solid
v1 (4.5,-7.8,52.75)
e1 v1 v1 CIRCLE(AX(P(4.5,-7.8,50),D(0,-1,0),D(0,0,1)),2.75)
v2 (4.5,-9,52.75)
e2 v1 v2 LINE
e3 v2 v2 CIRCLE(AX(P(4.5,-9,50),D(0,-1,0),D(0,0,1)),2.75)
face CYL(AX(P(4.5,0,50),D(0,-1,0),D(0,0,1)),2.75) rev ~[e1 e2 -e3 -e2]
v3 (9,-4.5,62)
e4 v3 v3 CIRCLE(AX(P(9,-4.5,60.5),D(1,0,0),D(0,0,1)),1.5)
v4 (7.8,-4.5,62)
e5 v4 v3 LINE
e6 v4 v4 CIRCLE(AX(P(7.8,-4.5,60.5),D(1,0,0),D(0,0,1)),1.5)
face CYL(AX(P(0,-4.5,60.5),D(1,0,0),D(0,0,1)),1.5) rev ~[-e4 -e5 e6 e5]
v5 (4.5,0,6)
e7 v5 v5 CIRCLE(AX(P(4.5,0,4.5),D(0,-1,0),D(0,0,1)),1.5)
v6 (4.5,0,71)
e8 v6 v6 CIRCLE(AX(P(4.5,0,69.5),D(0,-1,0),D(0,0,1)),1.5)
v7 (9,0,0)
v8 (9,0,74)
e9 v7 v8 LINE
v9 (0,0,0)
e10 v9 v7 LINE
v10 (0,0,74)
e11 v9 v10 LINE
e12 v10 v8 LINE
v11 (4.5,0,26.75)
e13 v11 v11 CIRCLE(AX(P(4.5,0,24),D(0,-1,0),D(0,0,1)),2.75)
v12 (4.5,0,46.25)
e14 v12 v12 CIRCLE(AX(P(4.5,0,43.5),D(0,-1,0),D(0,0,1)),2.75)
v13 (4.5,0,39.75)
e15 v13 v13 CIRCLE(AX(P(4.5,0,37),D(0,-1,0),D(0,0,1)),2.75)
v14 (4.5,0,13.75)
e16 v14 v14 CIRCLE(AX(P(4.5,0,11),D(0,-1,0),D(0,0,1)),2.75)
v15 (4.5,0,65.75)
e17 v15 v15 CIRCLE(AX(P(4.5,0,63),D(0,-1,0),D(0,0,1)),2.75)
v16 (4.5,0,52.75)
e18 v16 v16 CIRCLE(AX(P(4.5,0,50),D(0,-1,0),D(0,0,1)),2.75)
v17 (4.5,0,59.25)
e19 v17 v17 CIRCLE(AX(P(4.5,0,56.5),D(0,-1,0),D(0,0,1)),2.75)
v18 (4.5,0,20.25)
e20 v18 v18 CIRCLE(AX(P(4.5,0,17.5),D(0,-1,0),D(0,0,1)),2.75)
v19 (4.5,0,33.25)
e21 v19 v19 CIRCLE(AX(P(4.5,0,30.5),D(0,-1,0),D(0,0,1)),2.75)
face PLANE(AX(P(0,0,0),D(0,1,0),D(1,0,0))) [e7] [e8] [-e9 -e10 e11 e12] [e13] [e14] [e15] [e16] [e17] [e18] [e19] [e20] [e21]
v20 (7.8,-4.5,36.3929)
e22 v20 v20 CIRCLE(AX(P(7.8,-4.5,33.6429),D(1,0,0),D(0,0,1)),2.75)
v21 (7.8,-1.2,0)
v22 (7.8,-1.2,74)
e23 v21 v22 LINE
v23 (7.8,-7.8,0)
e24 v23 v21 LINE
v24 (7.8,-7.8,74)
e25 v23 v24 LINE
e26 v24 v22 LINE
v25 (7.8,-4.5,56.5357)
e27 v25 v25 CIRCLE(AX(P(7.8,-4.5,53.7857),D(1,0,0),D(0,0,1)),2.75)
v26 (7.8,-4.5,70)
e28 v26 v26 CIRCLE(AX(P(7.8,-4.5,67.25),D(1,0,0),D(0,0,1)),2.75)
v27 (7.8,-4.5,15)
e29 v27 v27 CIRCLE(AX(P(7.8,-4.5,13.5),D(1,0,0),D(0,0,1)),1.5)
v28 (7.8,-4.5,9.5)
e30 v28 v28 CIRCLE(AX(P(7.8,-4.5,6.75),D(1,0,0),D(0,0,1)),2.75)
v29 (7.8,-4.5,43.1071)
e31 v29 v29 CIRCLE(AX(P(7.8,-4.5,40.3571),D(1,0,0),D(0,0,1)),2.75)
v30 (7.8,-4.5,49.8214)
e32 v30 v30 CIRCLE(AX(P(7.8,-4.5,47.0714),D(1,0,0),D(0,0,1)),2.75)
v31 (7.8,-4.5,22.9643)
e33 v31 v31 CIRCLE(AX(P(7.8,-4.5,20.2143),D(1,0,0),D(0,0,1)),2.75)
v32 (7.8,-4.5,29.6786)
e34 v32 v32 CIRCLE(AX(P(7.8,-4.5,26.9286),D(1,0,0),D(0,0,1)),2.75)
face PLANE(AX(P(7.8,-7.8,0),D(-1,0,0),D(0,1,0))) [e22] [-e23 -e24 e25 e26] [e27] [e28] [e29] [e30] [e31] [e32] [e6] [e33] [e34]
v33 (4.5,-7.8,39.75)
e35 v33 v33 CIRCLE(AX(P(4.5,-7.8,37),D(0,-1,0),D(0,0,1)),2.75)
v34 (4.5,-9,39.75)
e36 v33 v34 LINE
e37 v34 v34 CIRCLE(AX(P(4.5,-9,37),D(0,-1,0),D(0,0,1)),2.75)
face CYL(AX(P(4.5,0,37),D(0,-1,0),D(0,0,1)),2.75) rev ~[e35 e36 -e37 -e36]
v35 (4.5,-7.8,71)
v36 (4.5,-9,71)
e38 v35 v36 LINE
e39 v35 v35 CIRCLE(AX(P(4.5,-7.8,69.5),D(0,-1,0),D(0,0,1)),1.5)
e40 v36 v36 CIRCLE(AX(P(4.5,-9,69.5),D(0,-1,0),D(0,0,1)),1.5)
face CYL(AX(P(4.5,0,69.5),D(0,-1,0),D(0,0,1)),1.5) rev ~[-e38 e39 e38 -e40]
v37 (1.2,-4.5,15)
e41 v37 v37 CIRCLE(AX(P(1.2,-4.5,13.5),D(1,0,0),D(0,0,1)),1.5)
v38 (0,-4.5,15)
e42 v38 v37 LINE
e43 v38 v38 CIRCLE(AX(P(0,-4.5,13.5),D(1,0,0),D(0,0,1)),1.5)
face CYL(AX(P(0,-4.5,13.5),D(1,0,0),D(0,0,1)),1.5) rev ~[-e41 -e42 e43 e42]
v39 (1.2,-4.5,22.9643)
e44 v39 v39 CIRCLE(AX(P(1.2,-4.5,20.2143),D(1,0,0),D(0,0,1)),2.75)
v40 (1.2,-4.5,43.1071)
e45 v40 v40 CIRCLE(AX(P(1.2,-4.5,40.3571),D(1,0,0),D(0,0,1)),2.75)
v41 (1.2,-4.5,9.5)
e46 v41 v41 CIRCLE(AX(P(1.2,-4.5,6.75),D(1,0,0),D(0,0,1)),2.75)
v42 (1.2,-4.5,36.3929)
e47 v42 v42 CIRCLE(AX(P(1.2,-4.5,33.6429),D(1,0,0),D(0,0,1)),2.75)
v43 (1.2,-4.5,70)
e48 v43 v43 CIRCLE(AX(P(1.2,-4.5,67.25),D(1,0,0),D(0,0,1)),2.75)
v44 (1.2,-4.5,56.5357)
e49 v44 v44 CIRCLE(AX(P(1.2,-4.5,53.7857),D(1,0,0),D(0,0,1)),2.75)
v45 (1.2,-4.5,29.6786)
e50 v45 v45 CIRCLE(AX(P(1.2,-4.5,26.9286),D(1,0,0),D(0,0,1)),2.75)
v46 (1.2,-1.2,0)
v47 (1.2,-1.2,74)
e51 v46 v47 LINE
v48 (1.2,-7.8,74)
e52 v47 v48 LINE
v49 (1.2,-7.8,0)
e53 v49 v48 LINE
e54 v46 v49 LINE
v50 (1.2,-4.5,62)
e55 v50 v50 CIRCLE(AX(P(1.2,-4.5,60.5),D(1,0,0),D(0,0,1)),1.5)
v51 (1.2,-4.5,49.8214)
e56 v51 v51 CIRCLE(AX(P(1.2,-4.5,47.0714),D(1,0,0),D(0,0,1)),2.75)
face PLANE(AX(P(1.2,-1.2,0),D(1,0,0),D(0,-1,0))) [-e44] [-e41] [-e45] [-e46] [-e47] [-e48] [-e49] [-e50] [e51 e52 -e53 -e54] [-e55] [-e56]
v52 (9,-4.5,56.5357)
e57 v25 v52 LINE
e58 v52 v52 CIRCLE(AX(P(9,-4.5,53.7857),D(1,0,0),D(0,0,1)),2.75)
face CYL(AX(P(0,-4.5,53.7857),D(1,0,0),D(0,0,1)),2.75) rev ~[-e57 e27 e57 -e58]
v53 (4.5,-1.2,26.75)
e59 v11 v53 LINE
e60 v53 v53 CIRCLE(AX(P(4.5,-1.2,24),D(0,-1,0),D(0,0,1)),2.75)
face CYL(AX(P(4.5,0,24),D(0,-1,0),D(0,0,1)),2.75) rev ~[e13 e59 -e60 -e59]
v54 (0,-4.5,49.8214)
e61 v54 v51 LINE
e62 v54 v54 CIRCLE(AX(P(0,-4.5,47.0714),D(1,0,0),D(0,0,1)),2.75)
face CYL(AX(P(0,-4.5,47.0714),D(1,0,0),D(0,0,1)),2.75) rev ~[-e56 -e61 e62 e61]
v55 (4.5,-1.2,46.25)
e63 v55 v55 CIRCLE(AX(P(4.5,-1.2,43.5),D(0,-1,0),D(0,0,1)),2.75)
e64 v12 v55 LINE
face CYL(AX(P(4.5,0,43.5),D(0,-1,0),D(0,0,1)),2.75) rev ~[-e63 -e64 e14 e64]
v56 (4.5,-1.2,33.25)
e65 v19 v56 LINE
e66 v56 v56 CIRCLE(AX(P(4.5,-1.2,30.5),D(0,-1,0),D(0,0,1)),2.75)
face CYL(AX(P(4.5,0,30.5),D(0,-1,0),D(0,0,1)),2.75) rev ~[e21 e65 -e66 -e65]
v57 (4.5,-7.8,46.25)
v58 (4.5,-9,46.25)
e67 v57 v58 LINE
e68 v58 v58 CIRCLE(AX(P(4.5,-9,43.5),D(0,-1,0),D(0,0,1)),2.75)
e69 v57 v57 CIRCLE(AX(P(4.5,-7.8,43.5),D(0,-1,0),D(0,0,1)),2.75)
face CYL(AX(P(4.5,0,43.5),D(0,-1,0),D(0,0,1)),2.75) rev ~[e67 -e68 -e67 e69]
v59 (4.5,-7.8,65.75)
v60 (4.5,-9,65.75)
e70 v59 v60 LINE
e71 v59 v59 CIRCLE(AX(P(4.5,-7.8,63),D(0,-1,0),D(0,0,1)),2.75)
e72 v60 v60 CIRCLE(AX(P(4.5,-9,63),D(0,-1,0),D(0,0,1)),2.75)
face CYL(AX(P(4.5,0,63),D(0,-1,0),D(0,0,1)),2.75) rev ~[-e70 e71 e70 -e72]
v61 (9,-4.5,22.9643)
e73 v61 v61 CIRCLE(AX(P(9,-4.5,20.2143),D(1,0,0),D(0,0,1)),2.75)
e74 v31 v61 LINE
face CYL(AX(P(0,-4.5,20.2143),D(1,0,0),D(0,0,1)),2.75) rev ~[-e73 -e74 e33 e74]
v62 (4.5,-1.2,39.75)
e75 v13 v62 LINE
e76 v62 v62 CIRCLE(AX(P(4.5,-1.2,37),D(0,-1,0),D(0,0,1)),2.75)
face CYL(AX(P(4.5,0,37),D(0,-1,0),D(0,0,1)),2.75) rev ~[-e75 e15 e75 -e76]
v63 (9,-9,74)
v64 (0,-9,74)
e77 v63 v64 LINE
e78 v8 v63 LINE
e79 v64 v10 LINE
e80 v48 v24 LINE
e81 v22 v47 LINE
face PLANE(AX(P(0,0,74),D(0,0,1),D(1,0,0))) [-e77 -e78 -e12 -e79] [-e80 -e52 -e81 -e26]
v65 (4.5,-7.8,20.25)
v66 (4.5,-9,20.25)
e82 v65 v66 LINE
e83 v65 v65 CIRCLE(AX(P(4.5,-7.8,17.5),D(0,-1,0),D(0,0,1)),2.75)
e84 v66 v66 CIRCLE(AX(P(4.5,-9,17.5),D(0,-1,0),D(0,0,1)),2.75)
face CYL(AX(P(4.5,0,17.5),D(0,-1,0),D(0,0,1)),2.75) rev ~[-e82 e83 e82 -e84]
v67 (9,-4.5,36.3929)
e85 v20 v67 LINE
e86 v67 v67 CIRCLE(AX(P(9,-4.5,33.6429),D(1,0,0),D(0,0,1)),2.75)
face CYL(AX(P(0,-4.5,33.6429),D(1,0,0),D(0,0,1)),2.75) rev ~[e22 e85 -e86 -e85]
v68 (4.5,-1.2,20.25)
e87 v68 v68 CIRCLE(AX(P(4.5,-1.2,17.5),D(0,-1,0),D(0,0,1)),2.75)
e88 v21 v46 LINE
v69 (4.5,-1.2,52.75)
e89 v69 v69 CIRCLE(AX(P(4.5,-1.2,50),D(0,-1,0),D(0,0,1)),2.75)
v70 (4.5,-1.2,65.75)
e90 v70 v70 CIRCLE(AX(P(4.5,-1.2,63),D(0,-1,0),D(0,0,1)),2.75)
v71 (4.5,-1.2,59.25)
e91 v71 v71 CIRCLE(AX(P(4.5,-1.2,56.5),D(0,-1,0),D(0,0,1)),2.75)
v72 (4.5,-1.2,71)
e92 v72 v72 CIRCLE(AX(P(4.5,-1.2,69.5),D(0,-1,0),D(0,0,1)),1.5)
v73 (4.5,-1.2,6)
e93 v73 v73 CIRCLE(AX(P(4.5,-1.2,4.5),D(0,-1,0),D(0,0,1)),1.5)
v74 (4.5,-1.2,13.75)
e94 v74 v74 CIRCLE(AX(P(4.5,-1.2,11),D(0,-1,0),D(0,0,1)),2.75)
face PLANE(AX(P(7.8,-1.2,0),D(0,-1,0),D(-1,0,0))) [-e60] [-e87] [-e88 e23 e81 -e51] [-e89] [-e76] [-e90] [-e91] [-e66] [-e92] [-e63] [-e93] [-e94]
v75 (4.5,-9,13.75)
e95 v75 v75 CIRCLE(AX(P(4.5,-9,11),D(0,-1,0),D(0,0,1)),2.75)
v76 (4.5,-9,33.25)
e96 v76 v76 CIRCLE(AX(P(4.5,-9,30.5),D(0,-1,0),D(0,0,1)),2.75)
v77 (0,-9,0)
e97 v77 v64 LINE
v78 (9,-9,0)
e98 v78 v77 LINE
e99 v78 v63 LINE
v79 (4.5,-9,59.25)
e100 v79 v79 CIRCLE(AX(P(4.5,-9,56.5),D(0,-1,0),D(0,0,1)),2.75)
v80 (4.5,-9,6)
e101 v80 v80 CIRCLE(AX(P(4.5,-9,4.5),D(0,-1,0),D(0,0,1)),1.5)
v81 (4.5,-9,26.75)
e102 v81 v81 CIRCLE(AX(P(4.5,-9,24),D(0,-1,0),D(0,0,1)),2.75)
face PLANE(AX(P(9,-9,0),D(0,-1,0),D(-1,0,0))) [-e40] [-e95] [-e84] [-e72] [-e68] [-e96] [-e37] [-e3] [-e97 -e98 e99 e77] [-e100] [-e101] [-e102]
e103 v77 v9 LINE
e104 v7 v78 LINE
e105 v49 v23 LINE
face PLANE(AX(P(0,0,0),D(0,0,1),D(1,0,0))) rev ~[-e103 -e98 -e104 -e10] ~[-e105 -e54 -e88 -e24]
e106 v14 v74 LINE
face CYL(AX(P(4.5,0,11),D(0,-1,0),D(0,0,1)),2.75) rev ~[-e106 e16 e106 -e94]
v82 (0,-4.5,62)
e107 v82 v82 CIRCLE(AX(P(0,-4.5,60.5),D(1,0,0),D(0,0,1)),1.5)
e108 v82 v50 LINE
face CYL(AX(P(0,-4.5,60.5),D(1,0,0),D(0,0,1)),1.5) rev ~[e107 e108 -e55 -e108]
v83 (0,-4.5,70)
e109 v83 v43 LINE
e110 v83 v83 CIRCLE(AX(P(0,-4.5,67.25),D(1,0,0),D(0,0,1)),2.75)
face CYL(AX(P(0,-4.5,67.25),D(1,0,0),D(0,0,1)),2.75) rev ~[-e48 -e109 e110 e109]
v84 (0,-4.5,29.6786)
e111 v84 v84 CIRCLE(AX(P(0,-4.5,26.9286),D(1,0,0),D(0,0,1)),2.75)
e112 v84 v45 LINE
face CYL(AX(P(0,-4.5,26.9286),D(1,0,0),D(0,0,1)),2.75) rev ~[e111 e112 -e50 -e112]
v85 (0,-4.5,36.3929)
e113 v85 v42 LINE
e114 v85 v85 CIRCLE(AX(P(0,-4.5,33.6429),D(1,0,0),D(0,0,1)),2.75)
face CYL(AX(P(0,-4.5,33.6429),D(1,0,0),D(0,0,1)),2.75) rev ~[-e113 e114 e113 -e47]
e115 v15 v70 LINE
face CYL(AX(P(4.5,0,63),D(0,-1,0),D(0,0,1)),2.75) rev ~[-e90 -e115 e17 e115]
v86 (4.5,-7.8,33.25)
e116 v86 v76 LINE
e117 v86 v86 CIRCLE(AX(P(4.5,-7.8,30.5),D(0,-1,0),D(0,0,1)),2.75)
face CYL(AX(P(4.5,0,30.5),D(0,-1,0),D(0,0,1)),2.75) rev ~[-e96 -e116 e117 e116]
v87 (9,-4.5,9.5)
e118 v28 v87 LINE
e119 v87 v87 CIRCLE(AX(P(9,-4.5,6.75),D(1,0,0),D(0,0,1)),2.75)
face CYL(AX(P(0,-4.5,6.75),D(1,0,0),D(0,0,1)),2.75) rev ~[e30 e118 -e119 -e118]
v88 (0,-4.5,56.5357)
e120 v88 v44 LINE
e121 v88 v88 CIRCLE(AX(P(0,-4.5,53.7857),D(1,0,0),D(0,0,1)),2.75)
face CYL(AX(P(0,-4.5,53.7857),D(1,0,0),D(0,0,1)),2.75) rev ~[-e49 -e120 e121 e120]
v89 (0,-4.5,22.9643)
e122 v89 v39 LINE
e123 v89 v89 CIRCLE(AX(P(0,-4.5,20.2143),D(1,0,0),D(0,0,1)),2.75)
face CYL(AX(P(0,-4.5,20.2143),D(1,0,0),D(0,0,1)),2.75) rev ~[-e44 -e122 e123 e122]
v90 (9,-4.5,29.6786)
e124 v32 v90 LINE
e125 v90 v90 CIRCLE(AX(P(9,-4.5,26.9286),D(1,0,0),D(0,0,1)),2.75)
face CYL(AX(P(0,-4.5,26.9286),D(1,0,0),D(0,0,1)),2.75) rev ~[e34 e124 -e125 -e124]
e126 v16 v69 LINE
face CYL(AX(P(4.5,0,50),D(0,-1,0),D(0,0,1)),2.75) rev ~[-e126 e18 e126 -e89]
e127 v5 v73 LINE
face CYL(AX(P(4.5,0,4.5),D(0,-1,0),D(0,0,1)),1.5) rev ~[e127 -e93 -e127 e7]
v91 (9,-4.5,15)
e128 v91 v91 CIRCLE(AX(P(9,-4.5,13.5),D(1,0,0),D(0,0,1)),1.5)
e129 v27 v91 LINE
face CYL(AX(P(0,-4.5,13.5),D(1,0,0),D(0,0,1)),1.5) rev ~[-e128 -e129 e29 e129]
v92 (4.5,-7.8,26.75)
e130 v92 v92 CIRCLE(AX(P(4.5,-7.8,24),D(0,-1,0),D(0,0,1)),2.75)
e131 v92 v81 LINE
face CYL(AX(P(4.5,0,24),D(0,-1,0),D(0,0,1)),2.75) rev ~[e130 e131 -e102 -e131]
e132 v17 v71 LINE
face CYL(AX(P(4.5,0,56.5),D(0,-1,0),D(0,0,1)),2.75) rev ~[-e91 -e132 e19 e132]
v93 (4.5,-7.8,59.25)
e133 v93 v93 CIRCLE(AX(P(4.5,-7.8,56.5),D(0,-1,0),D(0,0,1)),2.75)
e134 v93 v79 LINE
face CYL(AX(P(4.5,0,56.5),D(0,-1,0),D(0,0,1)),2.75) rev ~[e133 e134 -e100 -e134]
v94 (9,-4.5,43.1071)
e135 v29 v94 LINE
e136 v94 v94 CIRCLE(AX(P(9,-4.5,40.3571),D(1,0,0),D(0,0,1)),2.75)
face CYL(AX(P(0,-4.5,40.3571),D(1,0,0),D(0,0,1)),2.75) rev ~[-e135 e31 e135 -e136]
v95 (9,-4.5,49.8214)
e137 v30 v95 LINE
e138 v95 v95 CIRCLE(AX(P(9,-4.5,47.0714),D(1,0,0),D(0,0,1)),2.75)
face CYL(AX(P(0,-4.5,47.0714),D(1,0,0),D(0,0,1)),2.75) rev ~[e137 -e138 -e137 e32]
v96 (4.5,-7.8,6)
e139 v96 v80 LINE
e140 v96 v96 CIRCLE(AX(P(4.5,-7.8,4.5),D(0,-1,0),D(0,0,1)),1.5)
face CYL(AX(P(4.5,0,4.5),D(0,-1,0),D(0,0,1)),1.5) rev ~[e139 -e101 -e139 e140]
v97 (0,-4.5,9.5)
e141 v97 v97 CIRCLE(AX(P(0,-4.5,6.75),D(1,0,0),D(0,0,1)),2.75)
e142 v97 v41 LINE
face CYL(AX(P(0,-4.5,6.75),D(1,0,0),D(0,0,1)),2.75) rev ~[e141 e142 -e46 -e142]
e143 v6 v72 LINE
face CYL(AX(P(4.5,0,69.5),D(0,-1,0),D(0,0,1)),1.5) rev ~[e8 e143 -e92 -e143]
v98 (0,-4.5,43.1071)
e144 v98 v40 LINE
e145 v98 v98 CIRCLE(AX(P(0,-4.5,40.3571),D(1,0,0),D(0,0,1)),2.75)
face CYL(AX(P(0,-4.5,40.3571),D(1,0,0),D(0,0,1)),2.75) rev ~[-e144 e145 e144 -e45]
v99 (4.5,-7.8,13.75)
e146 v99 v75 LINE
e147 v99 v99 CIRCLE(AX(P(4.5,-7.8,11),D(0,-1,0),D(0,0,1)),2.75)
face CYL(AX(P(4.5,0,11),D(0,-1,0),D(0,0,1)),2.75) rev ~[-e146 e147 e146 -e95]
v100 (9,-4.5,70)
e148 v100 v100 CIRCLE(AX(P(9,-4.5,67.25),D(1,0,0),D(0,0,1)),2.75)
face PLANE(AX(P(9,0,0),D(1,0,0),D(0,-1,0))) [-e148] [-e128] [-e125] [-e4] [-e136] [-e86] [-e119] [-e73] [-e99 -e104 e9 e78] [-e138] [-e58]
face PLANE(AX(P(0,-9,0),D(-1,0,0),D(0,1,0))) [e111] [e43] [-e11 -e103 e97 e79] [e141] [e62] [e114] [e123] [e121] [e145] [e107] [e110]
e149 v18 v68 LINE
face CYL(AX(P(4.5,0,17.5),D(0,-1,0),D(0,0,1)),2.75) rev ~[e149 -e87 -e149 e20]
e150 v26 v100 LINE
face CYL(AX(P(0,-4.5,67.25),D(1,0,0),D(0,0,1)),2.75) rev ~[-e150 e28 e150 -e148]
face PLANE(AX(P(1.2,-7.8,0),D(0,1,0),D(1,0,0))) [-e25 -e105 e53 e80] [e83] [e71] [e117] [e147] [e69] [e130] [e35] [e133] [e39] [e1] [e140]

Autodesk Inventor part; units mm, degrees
ref_plane "YZ Plane" through (0, 0, 0) normal (1, 0, 0) x (0, 1, 0)
ref_plane "XZ Plane" through (0, 0, 0) normal (0, 1, 0) x (-1, 0, 0)
ref_plane "XY Plane" through (0, 0, 0) normal (0, 0, 1) x (1, 0, 0)
sketch "スケッチ1" plane through (0, 0, 0) normal (0, 0, 1) x (1, 0, 0)
  line L0 (0, 0) -> (9, 0)
  line L1 (9, 0) -> (9, -9)
  line L2 (9, -9) -> (0, -9)
  line L3 (0, -9) -> (0, 0)
  line L4 (1.2, -7.8) -> (7.8, -7.8)
  line L5 (7.8, -7.8) -> (7.8, -1.2)
  line L6 (7.8, -1.2) -> (1.2, -1.2)
  line L7 (1.2, -1.2) -> (1.2, -7.8)
  dimension "d0" = 9
  dimension "d1" = 9
  dimension "d2" = 6.6
  dimension "d3" = 6.6
  dimension "d4" = 1.2
  dimension "d5" = 1.2
extrude "押し出し1" add sketch "スケッチ1" along normal blind 74
sketch "スケッチ2" plane through (0, 0, 0) normal (0, 1, 0) x (1, 0, 0)
  line L0 (9, -74) -> (0, -74) projected
  line L1 (9, 0) -> (0, 0) projected
  line L2 (0, 0) -> (0, -74) projected
  point P0 (4.5, -69.5)
  point P1 (4.5, -4.5)
  dimension "d8" = 4.5
  dimension "d9" = 4.5
  dimension "d10" = 4.5
  dimension "d11" = 4.5
hole "穴1" at (4.5, 0, 69.5) at (4.5, 0, 4.5) direction (0, -1, 0) diameter 3 end through all
sketch "スケッチ3" plane through (0, -9, 0) normal (-1, 0, 0) x (0, 0, 1)
  line L0 (0, 9) -> (0, 0) projected
  line L1 (74, 9) -> (74, 0) projected
  line L2 (0, 0) -> (74, 0) projected
  point P0 (60.5, 4.5)
  point P1 (13.5, 4.5)
  dimension "d19" = 13.5
  dimension "d20" = 13.5
  dimension "d21" = 4.5
  dimension "d22" = 4.5
hole "穴2" at (0, -4.5, 60.5) at (0, -4.5, 13.5) direction (1, 0, 0) diameter 3 end through all
sketch "スケッチ4" plane through (0, 0, 0) normal (0, 1, 0) x (1, 0, 0)
  circle A0 centre (4.5, -4.5) radius 1.5 projected
  circle A1 centre (4.5, -69.5) radius 1.5 projected
  circle A2 centre (4.5, -69.5) radius 1.5 projected
  line L0 (4.5, -69.5) -> (4.5, -4.5)
  point P0 (0, 0)
  point P1 (4.5, -63)
  point P2 (4.5, -56.5)
  point P3 (4.5, -50)
  point P4 (4.5, -43.5)
  point P5 (4.5, -37)
  point P6 (4.5, -30.5)
  point P7 (4.5, -24)
  point P8 (4.5, -17.5)
  point P9 (4.5, -11)
  dimension "d30" = 65
  dimension "d31" = 6.5
  dimension "d34" = 6.5
hole "穴3" at (4.5, 0, 63) at (4.5, 0, 56.5) at (4.5, 0, 50) at (4.5, 0, 43.5) at (4.5, 0, 37) at (4.5, 0, 30.5) at (4.5, 0, 24) at (4.5, 0, 17.5) at (4.5, 0, 11) direction (0, -1, 0) diameter 5.5 end through all
sketch "スケッチ5" plane through (0, -9, 0) normal (-1, 0, 0) x (0, 0, 1)
  line L0 (74, 9) -> (74, 0) projected
  line L1 (0, 9) -> (0, 0) projected
  line L2 (0, 0) -> (74, 0) projected
  circle A0 centre (60.5, 4.5) radius 1.5 projected
  circle A1 centre (13.5, 4.5) radius 1.5 projected
  line L3 (60.5, 4.5) -> (13.5, 4.5)
  point P0 (67.25, 4.5)
  point P1 (6.75, 4.5)
  point P2 (53.7857, 4.5)
  point P3 (47.0714, 4.5)
  point P4 (40.3571, 4.5)
  point P5 (33.6429, 4.5)
  point P6 (26.9286, 4.5)
  point P7 (20.2143, 4.5)
  dimension "d46" = 6.75
  dimension "d47" = 6.75
  dimension "d48" = 4.5
  dimension "d49" = 4.5
  dimension "d50" = 47
  dimension "d51" = 6.7143
  dimension "d54" = 6.7143
hole "穴4" at (0, -4.5, 67.25) at (0, -4.5, 6.75) at (0, -4.5, 53.7857) at (0, -4.5, 47.0714) at (0, -4.5, 40.3571) at (0, -4.5, 33.6429) at (0, -4.5, 26.9286) at (0, -4.5, 20.2143) direction (1, 0, 0) diameter 5.5 end through all
equation "\"d9\" = d8"
equation "\"d10\" = d8"
equation "\"d11\" = d9"
equation "\"d20\" = d19"
equation "\"d22\" = d21"
equation "\"d31\" = 0.1 * d30"
equation "\"d34\" = d31"
equation "\"d47\" = d46"
equation "\"d49\" = d48"
equation "\"d51\" = 0.142857 * d50"
equation "\"d54\" = d51"
properties part number "ロボット回転9x9_4" material "アルミニウム 6061"
